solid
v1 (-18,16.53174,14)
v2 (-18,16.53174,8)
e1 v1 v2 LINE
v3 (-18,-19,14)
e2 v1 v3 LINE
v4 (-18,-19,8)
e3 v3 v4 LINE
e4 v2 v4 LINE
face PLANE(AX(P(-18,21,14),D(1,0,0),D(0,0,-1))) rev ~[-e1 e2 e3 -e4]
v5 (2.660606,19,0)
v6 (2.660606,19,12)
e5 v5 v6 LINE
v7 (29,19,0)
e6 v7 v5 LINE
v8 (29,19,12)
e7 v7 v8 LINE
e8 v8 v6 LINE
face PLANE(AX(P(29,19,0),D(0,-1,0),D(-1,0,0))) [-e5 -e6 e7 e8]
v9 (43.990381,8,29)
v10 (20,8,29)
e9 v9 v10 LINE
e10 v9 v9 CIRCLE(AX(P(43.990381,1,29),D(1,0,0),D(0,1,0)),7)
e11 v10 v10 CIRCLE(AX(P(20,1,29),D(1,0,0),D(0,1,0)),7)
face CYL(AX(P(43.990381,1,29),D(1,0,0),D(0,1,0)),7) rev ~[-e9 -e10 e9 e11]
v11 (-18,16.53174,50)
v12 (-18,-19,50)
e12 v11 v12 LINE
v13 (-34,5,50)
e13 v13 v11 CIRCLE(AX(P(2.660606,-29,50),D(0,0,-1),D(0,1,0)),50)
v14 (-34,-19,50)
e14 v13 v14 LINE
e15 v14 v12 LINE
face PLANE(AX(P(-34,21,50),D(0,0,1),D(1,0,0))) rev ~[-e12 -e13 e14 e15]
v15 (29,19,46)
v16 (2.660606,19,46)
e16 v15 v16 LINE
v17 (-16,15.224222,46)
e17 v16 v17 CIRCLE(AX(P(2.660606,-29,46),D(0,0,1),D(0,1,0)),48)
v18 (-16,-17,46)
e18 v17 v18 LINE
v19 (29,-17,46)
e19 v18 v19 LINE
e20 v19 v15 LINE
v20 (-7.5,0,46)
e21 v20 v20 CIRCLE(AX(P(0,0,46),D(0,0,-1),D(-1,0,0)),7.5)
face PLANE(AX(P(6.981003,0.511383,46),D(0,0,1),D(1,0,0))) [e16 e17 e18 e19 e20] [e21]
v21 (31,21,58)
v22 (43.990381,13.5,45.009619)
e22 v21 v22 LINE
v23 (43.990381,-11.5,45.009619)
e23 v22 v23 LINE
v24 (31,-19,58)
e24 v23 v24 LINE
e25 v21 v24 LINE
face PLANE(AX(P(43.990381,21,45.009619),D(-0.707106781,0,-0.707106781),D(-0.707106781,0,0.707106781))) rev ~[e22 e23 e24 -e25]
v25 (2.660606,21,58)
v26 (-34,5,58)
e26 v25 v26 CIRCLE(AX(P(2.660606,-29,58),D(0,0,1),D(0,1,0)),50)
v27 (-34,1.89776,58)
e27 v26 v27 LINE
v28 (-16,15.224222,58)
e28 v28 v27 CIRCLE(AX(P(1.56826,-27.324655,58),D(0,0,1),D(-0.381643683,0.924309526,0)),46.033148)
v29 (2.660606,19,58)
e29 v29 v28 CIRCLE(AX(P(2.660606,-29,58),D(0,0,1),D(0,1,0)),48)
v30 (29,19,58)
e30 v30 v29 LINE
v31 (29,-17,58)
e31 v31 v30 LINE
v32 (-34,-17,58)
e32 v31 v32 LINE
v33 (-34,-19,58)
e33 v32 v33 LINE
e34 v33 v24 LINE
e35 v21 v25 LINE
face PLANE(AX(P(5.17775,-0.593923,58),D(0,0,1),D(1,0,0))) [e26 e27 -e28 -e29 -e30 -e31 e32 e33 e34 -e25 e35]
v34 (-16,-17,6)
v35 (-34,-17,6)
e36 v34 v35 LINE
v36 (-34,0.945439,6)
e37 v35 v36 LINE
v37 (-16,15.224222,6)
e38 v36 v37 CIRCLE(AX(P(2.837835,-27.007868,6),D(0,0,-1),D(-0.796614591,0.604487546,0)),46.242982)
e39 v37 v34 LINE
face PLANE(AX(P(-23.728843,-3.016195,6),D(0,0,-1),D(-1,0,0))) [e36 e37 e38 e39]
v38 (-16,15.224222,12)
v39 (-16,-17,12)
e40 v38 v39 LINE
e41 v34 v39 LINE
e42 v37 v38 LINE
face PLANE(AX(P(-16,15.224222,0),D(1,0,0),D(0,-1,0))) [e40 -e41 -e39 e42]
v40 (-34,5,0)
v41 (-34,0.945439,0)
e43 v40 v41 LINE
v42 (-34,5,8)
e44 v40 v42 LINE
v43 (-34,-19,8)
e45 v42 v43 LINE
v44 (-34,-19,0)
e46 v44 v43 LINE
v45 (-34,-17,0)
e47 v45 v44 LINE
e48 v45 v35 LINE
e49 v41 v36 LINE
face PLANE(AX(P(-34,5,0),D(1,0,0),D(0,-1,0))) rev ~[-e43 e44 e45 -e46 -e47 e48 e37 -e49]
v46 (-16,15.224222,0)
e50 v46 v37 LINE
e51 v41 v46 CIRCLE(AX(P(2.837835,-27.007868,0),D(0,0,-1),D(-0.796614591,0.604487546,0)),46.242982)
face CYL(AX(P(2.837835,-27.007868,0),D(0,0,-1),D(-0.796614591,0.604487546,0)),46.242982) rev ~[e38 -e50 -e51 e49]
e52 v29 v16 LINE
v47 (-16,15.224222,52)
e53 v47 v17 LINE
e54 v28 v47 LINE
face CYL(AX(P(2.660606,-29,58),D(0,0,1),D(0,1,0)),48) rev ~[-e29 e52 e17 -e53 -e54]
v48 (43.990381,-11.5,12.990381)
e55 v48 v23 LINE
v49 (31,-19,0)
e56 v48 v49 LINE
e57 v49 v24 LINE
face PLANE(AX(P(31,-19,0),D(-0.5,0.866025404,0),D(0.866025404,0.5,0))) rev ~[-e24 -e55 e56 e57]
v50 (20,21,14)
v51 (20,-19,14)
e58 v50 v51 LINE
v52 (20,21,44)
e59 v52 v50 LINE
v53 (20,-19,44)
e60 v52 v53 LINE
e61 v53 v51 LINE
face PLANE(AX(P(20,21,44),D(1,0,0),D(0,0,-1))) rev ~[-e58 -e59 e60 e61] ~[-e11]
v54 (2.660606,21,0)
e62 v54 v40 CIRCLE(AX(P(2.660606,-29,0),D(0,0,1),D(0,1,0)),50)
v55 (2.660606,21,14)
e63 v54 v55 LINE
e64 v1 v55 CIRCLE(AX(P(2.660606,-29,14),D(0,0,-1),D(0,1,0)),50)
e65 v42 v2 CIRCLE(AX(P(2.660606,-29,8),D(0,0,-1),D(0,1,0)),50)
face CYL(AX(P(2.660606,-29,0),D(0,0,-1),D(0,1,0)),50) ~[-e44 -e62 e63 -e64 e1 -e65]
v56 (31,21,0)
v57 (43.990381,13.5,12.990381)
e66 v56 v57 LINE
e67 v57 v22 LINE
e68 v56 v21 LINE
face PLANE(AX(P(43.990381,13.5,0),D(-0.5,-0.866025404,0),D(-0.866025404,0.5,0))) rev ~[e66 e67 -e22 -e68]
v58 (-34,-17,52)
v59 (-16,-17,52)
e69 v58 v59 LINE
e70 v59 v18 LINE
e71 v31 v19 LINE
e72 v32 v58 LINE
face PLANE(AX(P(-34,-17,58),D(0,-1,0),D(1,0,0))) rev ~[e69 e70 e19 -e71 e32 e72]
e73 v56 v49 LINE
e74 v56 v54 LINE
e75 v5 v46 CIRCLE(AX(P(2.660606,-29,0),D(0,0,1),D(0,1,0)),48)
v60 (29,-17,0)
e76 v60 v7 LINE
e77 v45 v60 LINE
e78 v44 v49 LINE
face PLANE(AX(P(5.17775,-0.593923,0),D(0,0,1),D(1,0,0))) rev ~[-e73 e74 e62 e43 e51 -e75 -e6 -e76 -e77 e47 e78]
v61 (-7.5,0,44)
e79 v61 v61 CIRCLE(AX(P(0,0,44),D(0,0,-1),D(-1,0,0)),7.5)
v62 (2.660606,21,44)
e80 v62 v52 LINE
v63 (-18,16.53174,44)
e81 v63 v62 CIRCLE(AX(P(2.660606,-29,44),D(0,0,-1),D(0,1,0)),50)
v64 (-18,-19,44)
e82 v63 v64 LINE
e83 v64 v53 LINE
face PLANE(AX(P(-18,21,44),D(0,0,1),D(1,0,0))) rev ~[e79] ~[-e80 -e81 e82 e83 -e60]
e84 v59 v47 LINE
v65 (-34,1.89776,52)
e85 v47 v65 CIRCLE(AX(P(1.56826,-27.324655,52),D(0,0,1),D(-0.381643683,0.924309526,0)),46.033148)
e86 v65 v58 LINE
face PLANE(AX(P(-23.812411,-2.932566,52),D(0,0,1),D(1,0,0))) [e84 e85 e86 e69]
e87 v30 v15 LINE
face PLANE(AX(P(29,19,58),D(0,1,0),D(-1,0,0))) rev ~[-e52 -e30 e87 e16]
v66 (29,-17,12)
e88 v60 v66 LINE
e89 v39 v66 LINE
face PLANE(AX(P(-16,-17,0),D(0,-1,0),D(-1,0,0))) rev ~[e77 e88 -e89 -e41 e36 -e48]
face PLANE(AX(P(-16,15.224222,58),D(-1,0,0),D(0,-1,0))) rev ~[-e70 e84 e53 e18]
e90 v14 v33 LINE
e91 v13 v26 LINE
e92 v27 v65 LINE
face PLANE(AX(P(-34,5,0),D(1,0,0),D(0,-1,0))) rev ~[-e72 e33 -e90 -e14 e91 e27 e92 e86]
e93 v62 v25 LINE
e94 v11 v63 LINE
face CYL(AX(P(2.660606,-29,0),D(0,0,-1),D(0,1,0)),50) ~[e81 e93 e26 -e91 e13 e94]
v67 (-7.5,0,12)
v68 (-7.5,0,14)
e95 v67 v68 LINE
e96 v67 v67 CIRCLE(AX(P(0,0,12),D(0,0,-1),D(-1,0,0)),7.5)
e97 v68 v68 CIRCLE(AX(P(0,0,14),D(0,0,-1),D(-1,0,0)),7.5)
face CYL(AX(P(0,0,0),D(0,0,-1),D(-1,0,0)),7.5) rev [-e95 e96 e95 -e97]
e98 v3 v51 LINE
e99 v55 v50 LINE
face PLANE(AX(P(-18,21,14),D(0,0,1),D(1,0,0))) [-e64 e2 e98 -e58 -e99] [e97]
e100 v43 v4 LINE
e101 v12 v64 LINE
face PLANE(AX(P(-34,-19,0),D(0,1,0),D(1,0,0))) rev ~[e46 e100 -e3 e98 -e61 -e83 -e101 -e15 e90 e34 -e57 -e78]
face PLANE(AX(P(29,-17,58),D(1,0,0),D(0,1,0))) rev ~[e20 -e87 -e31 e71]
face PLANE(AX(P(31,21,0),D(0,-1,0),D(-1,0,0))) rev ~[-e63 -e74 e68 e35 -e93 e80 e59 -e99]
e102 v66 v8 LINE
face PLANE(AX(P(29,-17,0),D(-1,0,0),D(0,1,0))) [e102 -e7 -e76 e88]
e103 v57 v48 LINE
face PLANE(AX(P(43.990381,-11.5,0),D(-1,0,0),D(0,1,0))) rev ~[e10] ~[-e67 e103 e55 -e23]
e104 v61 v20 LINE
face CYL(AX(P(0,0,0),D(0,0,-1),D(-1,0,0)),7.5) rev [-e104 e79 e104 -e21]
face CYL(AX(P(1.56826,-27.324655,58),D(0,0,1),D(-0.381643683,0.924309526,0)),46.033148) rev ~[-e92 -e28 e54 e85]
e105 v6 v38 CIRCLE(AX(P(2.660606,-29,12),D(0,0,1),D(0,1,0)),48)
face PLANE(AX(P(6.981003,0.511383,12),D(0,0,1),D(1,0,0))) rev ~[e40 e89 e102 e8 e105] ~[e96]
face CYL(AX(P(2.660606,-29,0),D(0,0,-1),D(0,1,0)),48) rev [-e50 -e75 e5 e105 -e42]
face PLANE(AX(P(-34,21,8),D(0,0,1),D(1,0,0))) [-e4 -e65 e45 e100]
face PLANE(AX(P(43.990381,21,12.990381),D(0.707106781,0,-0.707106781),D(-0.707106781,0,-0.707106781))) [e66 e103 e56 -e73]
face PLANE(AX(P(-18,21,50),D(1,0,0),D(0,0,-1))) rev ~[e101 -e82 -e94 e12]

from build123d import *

# Parameters (mm, degrees)
SKETCH1_R           = 7.5
BOSS_EXTRUDE1_DEPTH = 58
SKETCH2_W           = 38
SKETCH2_H           = 30
CUT_EXTRUDE1_DEPTH  = 58
SKETCH3_W           = 16
SKETCH3_H           = 6
CUT_EXTRUDE2_DEPTH  = 58
CUT_EXTRUDE3_DEPTH  = 58
SKETCH5_R           = 7
CUT_EXTRUDE4_DEPTH  = 58
CUT_EXTRUDE5_DEPTH  = 12
CUT_EXTRUDE6_DEPTH  = 6
CUT_EXTRUDE7_DEPTH  = 12
CUT_EXTRUDE8_DEPTH  = 6


with BuildPart() as part:
    # Sketch1 → Boss-Extrude1 (new body)
    with BuildSketch(Plane.XY):
        with BuildLine():
            Line((-34, 5), (-34, -19))
            Line((-34, -19), (31, -19))
            Line((31, -19), (43.990381057, -11.5))
            Line((43.990381057, -11.5), (43.990381057, 13.5))
            Line((43.990381057, 13.5), (31, 21))
            Line((31, 21), (2.66060556, 21))
            ThreePointArc((2.66060556, 21), (-17.33939444, 16.82575695), (-34, 5))
        make_face()
        Circle(SKETCH1_R, mode=Mode.SUBTRACT)
    extrude(amount=BOSS_EXTRUDE1_DEPTH)

    # Sketch2 → Cut-Extrude1 (cut)
    with BuildSketch(Plane(origin=(0, 21, 0), x_dir=(1, 0, 0), z_dir=(0, 1, 0))):
        with Locations((1, -29)):
            Rectangle(SKETCH2_W, SKETCH2_H)
    extrude(amount=-CUT_EXTRUDE1_DEPTH, mode=Mode.SUBTRACT)

    # Sketch3 → Cut-Extrude2 (cut)
    with BuildSketch(Plane(origin=(0, 21, 0), x_dir=(1, 0, 0), z_dir=(0, 1, 0))):
        with Locations((-26, -11)):
            Rectangle(SKETCH3_W, SKETCH3_H)
        with Locations((-26, -47)):
            Rectangle(SKETCH3_W, SKETCH3_H)
    extrude(amount=-CUT_EXTRUDE2_DEPTH, mode=Mode.SUBTRACT)


with BuildPart() as body_2:
    # of the pieces the cut leaves, the one that is kept (cut_extrude2_keep)
    add(part.part.solids().sort_by_distance((-34, 5, 0))[0])

    # Sketch4 → Cut-Extrude3 (cut)
    with BuildSketch(Plane(origin=(0, 21, 0), x_dir=(1, 0, 0), z_dir=(0, 1, 0))):
        Polygon((31, 0), (43.990381057, 0), (43.990381057, -12.990381057), align=None)
        Polygon((43.990381057, -58), (43.990381057, -45.009618943), (31, -58), align=None)
    extrude(amount=-CUT_EXTRUDE3_DEPTH, mode=Mode.SUBTRACT)

    # Sketch5 → Cut-Extrude4 (cut)
    with BuildSketch(Plane(origin=(43.990381057, 0, 0), x_dir=(0, 0, -1), z_dir=(1, 0, 0))):
        with Locations((-29, 1)):
            Circle(SKETCH5_R)
    extrude(amount=-CUT_EXTRUDE4_DEPTH, mode=Mode.SUBTRACT)

    # Sketch8 → Cut-Extrude5 (cut)
    with BuildSketch(Plane.XY.offset(58)):
        with BuildLine():
            Line((-16, 15.224221872), (-16, -17))
            Line((-16, -17), (29, -17))
            Line((29, -17), (29, 19))
            Line((29, 19), (2.66060556, 19))
            ThreePointArc((2.66060556, 19), (-6.858778616, 18.046586751), (-16, 15.224221872))
        make_face()
    extrude(amount=-CUT_EXTRUDE5_DEPTH, mode=Mode.SUBTRACT)

    # Sketch10 → Cut-Extrude6 (cut)
    with BuildSketch(Plane.XY.offset(58)):
        with BuildLine():
            Line((-16, -17), (-16, 15.224221872))
            ThreePointArc((-16, 15.224221872), (-25.82281671, 9.672366481), (-34, 1.897760392))
            Line((-34, 1.897760392), (-34, -17))
            Line((-34, -17), (-16, -17))
        make_face()
    extrude(amount=-CUT_EXTRUDE6_DEPTH, mode=Mode.SUBTRACT)

    # Sketch11 → Cut-Extrude7 (cut)
    with BuildSketch(Plane(origin=(0, 0, 0), x_dir=(-1, 0, 0), z_dir=(0, 0, -1))):
        with BuildLine():
            Line((16, 15.224221872), (16, -17))
            Line((16, -17), (-29, -17))
            Line((-29, -17), (-29, 19))
            Line((-29, 19), (-2.66060556, 19))
            ThreePointArc((-2.66060556, 19), (6.858778616, 18.046586751), (16, 15.224221872))
        make_face()
    extrude(amount=-CUT_EXTRUDE7_DEPTH, mode=Mode.SUBTRACT)

    # Sketch12 → Cut-Extrude8 (cut)
    with BuildSketch(Plane(origin=(0, 0, 0), x_dir=(-1, 0, 0), z_dir=(0, 0, -1))):
        with BuildLine():
            Line((16, 15.224221872), (16, -17))
            Line((16, -17), (34, -17))
            Line((34, -17), (34, 0.945438982))
            ThreePointArc((34, 0.945438982), (25.900918774, 9.220539125), (16, 15.224221872))
        make_face()
    extrude(amount=-CUT_EXTRUDE8_DEPTH, mode=Mode.SUBTRACT)


solid = body_2.part
